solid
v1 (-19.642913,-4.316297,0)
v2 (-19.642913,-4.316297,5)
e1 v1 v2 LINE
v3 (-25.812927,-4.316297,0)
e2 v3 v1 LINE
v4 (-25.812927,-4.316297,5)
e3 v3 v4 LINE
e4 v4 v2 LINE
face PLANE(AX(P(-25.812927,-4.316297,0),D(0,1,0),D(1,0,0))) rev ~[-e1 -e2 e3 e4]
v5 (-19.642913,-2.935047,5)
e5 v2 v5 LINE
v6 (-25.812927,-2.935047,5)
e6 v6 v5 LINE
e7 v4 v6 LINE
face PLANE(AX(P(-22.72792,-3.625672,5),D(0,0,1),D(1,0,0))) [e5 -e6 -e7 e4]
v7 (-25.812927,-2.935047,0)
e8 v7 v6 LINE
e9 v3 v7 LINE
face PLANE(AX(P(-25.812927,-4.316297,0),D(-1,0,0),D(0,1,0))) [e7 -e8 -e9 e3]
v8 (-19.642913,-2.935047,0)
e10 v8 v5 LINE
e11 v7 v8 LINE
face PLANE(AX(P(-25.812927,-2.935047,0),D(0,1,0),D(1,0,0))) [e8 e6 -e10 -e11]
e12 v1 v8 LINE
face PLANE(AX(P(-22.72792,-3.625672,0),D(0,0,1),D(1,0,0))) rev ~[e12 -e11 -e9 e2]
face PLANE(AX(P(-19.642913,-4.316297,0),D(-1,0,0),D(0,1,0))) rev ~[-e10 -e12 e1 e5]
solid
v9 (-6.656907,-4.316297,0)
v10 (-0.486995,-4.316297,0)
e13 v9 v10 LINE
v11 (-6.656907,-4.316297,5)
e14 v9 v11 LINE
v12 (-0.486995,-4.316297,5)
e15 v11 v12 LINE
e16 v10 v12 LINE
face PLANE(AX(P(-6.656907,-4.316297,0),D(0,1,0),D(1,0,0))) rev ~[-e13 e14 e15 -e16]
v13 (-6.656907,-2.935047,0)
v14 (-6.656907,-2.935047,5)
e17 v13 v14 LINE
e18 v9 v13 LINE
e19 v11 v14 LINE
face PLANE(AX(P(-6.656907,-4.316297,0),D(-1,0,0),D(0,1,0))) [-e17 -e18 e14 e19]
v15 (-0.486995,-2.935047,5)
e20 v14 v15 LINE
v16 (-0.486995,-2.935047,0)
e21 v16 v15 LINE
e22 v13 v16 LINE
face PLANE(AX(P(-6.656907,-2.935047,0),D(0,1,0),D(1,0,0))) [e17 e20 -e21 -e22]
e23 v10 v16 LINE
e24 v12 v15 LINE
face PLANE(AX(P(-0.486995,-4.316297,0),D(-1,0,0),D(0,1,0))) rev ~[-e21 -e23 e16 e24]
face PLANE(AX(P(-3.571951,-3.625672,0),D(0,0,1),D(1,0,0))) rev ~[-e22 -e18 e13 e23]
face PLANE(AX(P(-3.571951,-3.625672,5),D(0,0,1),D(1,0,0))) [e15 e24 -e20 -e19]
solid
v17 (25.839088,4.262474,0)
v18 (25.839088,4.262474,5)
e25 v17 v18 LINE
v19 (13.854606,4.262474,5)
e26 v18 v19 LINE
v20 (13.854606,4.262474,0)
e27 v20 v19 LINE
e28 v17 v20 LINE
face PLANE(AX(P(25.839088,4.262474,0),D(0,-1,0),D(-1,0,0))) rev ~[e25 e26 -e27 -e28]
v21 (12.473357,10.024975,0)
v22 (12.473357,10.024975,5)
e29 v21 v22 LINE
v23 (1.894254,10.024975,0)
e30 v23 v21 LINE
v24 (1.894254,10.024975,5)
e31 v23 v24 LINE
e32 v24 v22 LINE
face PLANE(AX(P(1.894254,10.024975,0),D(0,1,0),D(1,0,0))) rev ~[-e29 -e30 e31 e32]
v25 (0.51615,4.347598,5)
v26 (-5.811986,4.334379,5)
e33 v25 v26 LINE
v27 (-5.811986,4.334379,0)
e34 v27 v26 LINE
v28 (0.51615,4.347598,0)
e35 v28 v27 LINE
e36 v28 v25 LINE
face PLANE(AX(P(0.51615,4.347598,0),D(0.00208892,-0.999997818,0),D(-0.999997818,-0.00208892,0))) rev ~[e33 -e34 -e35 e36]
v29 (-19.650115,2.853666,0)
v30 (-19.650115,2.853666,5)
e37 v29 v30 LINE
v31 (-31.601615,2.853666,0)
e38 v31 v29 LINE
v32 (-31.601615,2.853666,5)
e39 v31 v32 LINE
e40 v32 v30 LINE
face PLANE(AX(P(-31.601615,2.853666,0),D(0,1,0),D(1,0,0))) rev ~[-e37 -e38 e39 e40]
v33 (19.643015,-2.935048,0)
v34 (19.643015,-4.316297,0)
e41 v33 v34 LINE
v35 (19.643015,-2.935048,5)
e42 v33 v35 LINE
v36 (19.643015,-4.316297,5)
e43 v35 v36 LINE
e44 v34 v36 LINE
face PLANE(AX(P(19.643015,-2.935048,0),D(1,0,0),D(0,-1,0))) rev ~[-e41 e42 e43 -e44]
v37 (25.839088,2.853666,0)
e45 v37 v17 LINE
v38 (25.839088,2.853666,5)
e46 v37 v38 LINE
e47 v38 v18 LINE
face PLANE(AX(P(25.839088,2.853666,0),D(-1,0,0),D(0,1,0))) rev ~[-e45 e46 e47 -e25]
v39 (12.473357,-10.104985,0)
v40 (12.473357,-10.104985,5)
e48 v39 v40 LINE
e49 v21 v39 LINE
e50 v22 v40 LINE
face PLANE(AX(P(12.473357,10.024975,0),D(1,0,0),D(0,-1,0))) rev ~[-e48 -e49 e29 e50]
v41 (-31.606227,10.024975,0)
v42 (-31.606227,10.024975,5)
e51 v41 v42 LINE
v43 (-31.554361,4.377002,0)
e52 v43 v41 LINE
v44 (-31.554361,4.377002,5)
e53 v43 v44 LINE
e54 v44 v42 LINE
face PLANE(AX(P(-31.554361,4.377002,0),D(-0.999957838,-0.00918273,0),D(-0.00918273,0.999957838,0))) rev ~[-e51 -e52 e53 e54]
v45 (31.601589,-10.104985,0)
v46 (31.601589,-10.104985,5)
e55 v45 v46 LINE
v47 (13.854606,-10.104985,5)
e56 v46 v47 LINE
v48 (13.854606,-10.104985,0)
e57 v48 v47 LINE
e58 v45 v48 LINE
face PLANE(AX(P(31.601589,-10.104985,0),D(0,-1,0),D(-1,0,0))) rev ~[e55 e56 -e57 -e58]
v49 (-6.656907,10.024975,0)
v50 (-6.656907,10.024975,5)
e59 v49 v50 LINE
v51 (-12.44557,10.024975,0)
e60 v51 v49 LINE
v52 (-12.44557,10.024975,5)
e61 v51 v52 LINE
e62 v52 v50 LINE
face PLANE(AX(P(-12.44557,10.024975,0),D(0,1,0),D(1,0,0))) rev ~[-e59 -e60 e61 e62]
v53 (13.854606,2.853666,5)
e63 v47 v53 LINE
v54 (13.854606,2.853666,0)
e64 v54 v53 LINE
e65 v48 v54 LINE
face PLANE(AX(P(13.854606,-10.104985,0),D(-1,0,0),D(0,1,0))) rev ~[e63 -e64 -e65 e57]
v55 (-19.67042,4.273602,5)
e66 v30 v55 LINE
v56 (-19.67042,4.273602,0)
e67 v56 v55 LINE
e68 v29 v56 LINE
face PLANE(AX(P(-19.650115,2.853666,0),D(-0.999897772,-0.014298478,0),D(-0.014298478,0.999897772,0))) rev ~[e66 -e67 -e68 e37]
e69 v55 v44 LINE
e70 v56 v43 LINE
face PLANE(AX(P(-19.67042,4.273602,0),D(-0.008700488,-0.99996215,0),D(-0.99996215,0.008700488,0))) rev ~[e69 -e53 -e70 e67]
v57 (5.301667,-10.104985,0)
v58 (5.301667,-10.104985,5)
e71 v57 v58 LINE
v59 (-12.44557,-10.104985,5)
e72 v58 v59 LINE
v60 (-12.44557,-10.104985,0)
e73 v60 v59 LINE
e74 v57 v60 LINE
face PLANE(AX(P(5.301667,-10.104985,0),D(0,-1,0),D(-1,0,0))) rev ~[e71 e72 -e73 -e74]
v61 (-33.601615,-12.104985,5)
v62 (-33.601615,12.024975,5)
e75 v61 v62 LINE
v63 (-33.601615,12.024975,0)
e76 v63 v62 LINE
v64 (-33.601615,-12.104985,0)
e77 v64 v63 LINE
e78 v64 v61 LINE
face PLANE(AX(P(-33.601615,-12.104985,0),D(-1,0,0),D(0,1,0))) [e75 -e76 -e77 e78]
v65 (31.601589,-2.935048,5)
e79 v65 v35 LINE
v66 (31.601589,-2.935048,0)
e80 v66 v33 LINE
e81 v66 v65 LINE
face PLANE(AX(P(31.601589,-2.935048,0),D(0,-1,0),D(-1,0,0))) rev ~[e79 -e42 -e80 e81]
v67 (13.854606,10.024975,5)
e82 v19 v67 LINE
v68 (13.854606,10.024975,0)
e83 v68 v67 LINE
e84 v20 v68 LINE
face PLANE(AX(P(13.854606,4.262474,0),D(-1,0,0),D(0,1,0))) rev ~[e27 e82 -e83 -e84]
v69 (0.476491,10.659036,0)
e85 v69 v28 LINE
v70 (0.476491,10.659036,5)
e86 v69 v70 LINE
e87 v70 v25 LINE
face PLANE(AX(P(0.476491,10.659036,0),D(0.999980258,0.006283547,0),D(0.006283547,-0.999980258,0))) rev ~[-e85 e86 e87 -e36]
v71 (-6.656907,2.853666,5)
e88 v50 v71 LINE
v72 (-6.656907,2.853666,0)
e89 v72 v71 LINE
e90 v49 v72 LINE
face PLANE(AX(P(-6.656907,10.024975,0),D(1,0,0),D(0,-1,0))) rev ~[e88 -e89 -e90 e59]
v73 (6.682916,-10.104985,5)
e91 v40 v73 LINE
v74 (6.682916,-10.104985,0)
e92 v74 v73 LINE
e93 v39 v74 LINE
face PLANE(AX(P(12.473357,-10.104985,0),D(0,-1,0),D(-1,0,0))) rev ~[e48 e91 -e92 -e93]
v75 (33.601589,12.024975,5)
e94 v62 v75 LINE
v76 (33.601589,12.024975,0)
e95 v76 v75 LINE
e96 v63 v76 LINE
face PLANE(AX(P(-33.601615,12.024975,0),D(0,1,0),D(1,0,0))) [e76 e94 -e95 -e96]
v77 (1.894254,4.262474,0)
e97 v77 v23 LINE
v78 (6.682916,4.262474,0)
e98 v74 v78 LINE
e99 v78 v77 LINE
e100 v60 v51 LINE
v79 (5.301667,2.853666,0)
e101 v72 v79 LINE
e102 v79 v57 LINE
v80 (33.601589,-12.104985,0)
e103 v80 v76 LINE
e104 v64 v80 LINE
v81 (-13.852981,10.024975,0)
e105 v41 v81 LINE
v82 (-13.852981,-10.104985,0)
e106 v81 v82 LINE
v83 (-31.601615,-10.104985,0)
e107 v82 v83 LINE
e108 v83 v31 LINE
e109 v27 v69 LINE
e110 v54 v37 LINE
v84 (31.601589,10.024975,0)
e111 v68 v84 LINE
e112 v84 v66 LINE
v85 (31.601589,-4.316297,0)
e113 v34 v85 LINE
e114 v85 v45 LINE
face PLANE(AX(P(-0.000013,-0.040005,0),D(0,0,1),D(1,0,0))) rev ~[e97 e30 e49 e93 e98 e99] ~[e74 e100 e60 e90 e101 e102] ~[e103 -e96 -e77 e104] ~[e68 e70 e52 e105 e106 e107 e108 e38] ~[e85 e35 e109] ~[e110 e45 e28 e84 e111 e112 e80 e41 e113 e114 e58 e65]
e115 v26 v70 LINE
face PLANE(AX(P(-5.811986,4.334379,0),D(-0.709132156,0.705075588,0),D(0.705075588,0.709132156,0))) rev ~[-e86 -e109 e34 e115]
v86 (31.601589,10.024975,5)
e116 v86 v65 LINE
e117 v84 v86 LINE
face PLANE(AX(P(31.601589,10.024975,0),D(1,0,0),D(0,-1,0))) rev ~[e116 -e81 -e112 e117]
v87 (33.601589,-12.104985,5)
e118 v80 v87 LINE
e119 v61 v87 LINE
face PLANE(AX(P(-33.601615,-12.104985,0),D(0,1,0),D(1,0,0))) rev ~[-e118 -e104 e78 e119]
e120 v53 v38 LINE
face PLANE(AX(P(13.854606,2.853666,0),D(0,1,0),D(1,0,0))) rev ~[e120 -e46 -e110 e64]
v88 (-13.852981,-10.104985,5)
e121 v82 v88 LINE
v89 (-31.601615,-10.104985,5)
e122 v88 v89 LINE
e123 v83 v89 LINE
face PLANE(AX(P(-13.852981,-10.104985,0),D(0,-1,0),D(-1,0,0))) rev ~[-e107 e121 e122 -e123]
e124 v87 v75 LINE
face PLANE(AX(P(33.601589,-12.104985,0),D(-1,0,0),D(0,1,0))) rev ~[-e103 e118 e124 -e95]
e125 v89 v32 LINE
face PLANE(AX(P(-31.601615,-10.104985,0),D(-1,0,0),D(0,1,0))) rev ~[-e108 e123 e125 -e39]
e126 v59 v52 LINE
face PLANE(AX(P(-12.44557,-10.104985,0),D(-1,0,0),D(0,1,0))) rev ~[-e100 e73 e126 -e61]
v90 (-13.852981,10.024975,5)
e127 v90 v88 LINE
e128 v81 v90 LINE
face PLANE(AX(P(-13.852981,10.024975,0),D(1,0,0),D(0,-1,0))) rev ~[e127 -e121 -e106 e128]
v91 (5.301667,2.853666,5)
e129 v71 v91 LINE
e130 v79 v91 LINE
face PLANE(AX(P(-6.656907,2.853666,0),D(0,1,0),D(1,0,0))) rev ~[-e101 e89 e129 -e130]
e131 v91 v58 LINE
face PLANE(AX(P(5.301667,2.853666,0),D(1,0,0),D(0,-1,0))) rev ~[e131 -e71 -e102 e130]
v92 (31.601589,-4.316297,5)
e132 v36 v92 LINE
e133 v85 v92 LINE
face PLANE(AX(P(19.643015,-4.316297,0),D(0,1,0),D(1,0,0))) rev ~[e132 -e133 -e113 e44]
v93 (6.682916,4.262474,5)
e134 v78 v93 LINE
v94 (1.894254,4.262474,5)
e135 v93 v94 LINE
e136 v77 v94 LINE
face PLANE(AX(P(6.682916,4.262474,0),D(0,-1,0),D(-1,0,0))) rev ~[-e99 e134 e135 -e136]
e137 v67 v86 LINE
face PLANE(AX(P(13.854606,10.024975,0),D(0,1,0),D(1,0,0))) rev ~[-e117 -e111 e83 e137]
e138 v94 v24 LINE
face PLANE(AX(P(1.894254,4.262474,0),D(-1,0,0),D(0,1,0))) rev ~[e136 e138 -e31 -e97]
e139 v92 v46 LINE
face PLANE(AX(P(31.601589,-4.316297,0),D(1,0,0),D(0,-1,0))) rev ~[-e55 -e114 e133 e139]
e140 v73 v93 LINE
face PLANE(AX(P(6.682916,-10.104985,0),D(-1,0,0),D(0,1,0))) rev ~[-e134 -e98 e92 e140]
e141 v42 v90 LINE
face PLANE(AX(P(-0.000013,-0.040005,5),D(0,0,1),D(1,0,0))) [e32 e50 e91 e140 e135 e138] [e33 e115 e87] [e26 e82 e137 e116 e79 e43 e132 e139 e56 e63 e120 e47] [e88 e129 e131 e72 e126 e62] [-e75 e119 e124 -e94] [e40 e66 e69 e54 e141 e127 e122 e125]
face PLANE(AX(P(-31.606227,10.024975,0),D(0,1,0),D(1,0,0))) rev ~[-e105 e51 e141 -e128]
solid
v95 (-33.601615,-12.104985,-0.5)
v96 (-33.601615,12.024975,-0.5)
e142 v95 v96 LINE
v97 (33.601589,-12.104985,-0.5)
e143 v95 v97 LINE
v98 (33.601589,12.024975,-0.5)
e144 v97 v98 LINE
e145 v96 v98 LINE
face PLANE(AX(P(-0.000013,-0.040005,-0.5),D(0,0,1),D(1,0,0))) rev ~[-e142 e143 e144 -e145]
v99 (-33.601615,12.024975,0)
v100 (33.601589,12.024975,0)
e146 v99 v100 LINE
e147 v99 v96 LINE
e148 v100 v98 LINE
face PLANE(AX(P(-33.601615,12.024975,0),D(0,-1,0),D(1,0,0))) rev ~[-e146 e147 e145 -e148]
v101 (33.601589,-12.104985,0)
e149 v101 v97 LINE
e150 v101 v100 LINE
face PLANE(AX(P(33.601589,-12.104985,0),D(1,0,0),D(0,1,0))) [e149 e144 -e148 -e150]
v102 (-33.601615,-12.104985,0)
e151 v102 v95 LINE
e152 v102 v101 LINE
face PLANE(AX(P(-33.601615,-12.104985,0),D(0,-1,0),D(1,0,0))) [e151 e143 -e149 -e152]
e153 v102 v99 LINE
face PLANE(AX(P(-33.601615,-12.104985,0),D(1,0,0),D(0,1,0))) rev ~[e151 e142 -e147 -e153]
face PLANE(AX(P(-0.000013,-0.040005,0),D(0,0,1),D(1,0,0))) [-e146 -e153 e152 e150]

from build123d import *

# Parameters (mm, degrees)
F0_W     = 67.203204
F0_H     = 24.12996
F1_DEPTH = 5
F0_W_2   = 6.169912
F0_H_2   = 1.38125
F0_W_3   = 6.170014
F2_DEPTH = 5
F3_W     = 67.203204
F3_H     = 24.12996
F4_DEPTH = 0.5


with BuildPart() as f1:
    # F0 (on Top) → F1 (new body)
    with BuildSketch(Plane.XY):
        with Locations((-1.3e-05, -0.040005)):
            Rectangle(F0_W, F0_H)
        Polygon((-31.554361, 4.377002), (-31.606227, 10.024975), (-13.852981, 10.024975), (-13.852981, -10.104985), (-31.601615, -10.104985), (-31.601615, 2.853666), (-19.650115, 2.853666), (-19.67042, 4.273602), align=None, mode=Mode.SUBTRACT)
        Polygon((5.301667, -10.104985), (-12.44557, -10.104985), (-12.44557, 10.024975), (-6.656907, 10.024975), (-6.656907, 2.853666), (5.301667, 2.853666), align=None, mode=Mode.SUBTRACT)
        Polygon((-5.811986, 4.334379), (0.476491, 10.659036), (0.51615, 4.347598), align=None, mode=Mode.SUBTRACT)
        Polygon((12.473357, 10.024975), (12.473357, -10.104985), (6.682916, -10.104985), (6.682916, 4.262474), (1.894254, 4.262474), (1.894254, 10.024975), align=None, mode=Mode.SUBTRACT)
        Polygon((25.839088, 4.262474), (13.854606, 4.262474), (13.854606, 10.024975), (31.601589, 10.024975), (31.601589, -2.935048), (19.643015, -2.935048), (19.643015, -4.316297), (31.601589, -4.316297), (31.601589, -10.104985), (13.854606, -10.104985), (13.854606, 2.853666), (25.839088, 2.853666), align=None, mode=Mode.SUBTRACT)
    extrude(amount=F1_DEPTH)


with BuildPart() as f2:
    # F0 (on Top) → F2 (new body)
    with BuildSketch(Plane.XY):
        with Locations((-3.571951, -3.625672)):
            Rectangle(F0_W_2, F0_H_2)
        with Locations((-22.72792, -3.625672)):
            Rectangle(F0_W_3, F0_H_2)
    extrude(amount=F2_DEPTH)


with BuildPart() as f4:
    # F3 (on face) → F4 (new body)
    with BuildSketch(Plane.XY):
        with Locations((-1.3e-05, -0.040005)):
            Rectangle(F3_W, F3_H)
    extrude(amount=-F4_DEPTH)


solid = Compound([f1.part, f2.part, f4.part])
